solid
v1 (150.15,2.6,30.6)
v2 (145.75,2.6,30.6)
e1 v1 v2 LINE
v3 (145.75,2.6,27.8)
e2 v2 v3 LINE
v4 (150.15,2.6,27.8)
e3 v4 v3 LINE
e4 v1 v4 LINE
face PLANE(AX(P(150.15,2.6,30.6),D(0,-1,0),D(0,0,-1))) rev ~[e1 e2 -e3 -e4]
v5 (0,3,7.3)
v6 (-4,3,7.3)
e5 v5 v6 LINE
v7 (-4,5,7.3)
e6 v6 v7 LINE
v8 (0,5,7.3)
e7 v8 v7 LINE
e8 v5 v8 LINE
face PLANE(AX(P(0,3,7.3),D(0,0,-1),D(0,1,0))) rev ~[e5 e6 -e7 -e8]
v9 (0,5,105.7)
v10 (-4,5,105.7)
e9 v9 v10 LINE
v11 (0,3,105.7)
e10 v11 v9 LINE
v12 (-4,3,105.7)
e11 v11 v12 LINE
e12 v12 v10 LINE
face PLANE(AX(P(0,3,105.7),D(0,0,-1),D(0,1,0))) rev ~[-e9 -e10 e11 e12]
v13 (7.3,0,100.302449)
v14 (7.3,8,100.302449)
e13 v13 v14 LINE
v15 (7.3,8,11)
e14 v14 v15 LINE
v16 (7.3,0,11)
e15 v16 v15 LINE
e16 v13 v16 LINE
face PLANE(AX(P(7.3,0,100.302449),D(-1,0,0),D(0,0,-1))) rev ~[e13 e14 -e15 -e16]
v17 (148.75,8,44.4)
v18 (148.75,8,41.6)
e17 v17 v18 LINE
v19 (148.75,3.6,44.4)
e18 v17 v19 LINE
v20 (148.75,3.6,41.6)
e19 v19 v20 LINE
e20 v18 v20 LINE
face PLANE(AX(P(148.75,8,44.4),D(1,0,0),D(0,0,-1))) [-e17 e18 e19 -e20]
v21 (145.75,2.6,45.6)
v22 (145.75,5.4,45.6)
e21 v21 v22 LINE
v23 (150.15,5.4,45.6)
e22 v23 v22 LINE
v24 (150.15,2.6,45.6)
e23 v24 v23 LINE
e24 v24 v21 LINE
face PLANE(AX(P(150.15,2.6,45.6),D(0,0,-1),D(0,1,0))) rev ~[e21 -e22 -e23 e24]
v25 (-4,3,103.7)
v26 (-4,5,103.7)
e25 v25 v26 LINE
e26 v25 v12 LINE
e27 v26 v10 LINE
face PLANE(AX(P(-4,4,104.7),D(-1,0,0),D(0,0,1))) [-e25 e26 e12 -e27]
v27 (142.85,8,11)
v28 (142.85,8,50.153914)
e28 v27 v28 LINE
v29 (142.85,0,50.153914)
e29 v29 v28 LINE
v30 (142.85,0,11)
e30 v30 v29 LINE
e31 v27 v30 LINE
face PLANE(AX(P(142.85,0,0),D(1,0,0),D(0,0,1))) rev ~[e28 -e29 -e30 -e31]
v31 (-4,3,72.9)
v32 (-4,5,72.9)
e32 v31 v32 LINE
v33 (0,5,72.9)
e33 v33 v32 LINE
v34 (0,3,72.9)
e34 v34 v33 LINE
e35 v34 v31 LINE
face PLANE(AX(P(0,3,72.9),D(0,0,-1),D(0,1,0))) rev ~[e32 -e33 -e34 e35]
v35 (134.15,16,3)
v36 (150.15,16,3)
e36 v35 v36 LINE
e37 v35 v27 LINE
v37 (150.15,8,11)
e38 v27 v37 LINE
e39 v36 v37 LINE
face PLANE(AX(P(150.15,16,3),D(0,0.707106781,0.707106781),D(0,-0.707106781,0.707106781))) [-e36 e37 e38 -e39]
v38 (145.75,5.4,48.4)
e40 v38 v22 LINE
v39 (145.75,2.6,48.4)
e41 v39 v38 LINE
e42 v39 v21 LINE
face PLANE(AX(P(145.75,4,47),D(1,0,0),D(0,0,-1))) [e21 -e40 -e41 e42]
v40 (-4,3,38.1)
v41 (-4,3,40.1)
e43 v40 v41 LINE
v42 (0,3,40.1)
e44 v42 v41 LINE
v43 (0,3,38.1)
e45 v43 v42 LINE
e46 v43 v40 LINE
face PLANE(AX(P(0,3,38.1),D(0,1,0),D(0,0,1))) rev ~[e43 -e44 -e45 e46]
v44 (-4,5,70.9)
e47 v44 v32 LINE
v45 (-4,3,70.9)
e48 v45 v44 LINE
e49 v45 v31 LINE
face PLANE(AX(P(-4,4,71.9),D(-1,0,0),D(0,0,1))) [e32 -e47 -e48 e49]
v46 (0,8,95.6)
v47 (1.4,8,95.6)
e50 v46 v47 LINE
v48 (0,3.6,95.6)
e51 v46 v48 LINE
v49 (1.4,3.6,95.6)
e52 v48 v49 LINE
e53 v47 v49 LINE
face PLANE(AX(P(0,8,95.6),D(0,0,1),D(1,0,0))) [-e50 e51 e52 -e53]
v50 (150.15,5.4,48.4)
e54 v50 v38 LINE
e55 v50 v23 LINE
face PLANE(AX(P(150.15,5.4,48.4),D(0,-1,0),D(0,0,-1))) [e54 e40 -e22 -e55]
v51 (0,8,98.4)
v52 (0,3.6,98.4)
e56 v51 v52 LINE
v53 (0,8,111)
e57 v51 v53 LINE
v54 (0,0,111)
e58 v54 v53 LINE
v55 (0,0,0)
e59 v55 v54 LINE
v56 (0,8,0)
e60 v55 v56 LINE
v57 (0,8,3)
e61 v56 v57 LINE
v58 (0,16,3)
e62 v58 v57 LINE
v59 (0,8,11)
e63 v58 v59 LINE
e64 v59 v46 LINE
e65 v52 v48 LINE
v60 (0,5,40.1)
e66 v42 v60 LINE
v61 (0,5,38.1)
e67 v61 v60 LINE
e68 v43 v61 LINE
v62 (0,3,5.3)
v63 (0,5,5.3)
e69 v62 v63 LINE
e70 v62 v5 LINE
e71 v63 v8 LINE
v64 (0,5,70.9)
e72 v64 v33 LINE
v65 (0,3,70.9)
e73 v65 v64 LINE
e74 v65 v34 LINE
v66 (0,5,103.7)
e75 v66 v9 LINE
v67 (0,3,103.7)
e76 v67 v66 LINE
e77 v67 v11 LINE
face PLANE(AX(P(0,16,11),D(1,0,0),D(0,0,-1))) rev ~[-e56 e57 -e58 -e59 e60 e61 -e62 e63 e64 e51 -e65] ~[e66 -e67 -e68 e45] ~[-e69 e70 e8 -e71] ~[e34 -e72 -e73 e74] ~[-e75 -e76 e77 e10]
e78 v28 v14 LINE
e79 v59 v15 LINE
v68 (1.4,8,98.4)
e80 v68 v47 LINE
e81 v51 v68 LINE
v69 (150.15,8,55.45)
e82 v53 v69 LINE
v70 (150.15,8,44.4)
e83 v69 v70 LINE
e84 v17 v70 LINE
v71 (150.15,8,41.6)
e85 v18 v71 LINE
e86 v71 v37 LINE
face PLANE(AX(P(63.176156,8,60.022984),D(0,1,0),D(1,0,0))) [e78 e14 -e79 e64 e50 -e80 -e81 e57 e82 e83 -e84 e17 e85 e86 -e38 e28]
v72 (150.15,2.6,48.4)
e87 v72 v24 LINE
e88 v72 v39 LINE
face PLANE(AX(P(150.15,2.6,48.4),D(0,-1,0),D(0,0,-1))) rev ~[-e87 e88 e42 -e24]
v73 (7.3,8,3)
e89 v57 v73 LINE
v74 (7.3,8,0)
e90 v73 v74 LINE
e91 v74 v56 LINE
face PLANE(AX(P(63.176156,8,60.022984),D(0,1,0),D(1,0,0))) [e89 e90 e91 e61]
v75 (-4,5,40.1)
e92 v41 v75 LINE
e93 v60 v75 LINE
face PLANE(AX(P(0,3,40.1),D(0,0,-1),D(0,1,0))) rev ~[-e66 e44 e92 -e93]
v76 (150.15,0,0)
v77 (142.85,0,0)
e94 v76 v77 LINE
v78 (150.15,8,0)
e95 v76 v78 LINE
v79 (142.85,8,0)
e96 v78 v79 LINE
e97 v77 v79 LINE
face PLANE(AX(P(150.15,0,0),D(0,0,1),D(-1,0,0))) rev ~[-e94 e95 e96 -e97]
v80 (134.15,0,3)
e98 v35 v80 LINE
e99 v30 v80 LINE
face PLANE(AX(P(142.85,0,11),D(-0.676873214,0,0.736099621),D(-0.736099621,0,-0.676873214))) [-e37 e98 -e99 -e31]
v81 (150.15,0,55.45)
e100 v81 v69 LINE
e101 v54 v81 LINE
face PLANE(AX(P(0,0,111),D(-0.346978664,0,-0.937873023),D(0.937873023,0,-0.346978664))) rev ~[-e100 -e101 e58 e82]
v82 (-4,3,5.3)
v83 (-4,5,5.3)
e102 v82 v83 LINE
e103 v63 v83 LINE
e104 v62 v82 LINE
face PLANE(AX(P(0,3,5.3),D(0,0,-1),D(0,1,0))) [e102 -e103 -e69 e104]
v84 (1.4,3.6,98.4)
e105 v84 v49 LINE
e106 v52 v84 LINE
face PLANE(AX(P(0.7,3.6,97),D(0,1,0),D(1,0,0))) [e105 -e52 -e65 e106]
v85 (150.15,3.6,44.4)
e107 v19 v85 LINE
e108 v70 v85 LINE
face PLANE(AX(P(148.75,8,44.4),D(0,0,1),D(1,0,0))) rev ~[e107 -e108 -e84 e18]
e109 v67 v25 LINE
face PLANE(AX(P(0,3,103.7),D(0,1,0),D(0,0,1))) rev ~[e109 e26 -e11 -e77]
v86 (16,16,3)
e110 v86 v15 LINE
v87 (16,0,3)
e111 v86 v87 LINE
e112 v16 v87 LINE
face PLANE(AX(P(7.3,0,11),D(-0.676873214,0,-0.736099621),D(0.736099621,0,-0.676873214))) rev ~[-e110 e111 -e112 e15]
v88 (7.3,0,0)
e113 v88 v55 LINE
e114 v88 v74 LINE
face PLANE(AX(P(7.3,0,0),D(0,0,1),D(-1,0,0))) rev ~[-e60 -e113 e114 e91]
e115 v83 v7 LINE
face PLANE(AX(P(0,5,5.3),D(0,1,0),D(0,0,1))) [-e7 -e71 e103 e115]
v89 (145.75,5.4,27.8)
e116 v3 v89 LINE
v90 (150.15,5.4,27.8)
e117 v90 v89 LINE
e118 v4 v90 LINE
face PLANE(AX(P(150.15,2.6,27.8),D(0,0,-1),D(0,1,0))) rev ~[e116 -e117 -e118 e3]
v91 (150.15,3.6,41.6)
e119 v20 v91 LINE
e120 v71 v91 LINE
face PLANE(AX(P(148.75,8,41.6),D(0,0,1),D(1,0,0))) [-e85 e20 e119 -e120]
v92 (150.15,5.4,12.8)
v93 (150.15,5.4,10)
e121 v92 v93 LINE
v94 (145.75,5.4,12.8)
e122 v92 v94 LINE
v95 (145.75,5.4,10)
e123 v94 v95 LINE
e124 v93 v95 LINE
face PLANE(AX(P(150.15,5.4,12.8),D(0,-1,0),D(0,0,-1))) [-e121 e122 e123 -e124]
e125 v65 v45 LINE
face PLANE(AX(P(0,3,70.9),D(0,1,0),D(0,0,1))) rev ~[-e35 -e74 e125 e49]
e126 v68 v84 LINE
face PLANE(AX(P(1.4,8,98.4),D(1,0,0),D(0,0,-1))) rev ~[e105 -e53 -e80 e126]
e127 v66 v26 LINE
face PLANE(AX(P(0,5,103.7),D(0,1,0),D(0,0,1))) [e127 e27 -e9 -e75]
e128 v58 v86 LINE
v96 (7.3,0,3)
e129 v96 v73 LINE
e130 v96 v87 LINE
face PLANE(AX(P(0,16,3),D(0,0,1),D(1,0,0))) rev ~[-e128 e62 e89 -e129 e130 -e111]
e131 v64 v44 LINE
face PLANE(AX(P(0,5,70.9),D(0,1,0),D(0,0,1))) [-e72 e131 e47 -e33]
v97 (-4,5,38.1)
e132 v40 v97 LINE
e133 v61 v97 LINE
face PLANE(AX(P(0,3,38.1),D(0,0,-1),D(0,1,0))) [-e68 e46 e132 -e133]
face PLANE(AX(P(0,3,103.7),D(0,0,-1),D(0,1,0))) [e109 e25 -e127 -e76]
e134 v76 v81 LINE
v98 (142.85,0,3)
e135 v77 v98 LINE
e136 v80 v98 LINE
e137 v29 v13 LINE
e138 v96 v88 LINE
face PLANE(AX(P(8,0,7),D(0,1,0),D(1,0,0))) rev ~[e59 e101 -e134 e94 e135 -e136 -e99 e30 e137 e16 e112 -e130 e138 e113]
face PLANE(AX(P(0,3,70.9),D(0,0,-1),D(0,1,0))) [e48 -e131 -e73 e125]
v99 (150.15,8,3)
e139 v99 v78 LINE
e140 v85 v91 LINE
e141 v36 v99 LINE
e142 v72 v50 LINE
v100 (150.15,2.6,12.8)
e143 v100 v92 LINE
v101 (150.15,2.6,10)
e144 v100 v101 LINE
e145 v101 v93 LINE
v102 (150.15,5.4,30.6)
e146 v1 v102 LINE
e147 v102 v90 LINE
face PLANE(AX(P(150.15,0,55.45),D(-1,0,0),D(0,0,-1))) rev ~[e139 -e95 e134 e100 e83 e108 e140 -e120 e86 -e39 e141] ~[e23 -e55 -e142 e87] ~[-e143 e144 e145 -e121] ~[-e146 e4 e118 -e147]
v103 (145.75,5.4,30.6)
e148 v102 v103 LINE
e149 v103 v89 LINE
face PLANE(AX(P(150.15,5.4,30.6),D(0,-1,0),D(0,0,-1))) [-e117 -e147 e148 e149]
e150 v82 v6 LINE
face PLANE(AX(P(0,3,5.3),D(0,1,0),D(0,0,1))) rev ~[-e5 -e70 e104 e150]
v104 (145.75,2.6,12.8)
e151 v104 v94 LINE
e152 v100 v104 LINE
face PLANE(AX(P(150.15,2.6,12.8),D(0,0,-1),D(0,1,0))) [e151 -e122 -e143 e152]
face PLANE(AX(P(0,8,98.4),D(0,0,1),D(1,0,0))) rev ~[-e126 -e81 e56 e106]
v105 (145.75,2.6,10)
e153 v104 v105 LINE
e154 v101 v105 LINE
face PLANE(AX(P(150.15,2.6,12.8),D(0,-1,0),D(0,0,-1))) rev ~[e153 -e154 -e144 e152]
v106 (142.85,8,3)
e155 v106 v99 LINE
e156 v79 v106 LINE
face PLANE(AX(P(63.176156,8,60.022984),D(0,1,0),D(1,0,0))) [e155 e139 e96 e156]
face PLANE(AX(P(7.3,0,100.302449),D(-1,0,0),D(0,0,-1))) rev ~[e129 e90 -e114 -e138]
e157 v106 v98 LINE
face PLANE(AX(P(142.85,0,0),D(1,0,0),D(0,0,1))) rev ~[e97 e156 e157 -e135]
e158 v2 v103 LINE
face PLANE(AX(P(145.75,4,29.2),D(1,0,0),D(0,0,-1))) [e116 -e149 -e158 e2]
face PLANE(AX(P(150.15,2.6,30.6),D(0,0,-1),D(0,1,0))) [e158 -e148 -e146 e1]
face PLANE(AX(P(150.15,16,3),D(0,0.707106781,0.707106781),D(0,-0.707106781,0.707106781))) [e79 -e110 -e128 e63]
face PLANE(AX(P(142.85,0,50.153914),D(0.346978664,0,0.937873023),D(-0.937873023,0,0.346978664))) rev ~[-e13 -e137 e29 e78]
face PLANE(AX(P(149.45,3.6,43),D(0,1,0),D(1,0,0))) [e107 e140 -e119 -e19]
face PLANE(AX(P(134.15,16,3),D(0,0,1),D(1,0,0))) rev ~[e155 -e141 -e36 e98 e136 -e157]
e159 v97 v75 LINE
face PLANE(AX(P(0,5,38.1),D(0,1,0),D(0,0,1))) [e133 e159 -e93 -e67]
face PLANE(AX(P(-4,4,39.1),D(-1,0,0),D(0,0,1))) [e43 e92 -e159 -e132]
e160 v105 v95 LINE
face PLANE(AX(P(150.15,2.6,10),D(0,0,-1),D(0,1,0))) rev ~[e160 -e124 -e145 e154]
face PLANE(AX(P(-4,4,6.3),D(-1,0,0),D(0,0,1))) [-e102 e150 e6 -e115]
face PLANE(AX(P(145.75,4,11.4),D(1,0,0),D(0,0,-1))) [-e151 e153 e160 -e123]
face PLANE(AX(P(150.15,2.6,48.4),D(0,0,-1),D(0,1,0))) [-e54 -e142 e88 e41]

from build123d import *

# Parameters (mm, degrees)
P_IDAT_VYSUNUT_M1_DEPTH  = 8
SKICA2_W                 = 1.4
SKICA2_H                 = 2.8
ODEBRAT_VYSUNUT_M1_DEPTH = 4.4
SKICA3_W                 = 2
SKICA3_H                 = 2
P_IDAT_VYSUNUT_M2_DEPTH  = 4
P_IDAT_START             = 8
SKICA5_W                 = 16
SKICA5_H                 = 8
P_IDAT_VYSUNUT_M3_DEPTH  = 16
ODEBRAT_VYSUNUT_M3_DEPTH = 191.628493411
ODEBRAT_VYSUNUT_M4_DEPTH = 188.40870444
SKICA4_W                 = 2.8
SKICA4_H                 = 2.8
ODEBRAT_VYSUNUT_M2_DEPTH = 4.4
SKICA8_W                 = 1.4
SKICA8_H                 = 2.8
ODEBRAT_VYSUNUT_M5_DEPTH = 4.4


with BuildPart() as part:
    # Skica1 → Přidat vysunutím1 (new body)
    with BuildSketch(Plane(origin=(0, 0, 0), x_dir=(1, 0, 0), z_dir=(0, 1, 0))):
        Polygon((0, 0), (0, -111), (150.15, -55.45), (150.15, 0), (142.85, 0), (142.85, -50.153914462), (7.3, -100.30244926), (7.3, 0), align=None)
    extrude(amount=P_IDAT_VYSUNUT_M1_DEPTH)

    # Skica2 → Odebrat vysunutím1 (cut)
    with BuildSketch(Plane(origin=(0, 8, 0), x_dir=(1, 0, 0), z_dir=(0, 1, 0))):
        with Locations((0.7, -97)):
            Rectangle(SKICA2_W, SKICA2_H)
    extrude(amount=-ODEBRAT_VYSUNUT_M1_DEPTH, mode=Mode.SUBTRACT)

    # Skica3 → Přidat vysunutím2 (add)
    with BuildSketch(Plane.ZY):
        with Locations((6.3, 4)):
            Rectangle(SKICA3_W, SKICA3_H)
        with Locations((39.1, 4)):
            Rectangle(SKICA3_W, SKICA3_H)
        with Locations((71.9, 4)):
            Rectangle(SKICA3_W, SKICA3_H)
        with Locations((104.7, 4)):
            Rectangle(SKICA3_W, SKICA3_H)
    extrude(amount=P_IDAT_VYSUNUT_M2_DEPTH)

    # Skica5 → Přidat vysunutím3 (add)
    with BuildSketch(Plane(origin=(0, 8, 0), x_dir=(1, 0, 0), z_dir=(0, 1, 0)).offset(P_IDAT_START)):
        with Locations((8, -7)):
            Rectangle(SKICA5_W, SKICA5_H)
        with Locations((142.15, -7)):
            Rectangle(SKICA5_W, SKICA5_H)
    extrude(amount=-P_IDAT_VYSUNUT_M3_DEPTH)

    # Skica6 → Odebrat vysunutím3 (cut, through all)
    with BuildSketch(Plane(origin=(150.15, 0, 0), x_dir=(0, 0, -1), z_dir=(1, 0, 0))):
        Polygon((-11, 8), (-11, 16), (-3, 16), align=None)
    extrude(amount=-ODEBRAT_VYSUNUT_M3_DEPTH, mode=Mode.SUBTRACT)

    # Skica7 → Odebrat vysunutím4 (cut, through all)
    with BuildSketch(Plane.XZ):
        Polygon((7.3, 11), (16, 3), (16, 11), align=None)
        Polygon((134.15, 3), (134.15, 11), (142.85, 11), align=None)
    extrude(amount=-ODEBRAT_VYSUNUT_M4_DEPTH, mode=Mode.SUBTRACT)

    # Skica4 → Odebrat vysunutím2 (cut)
    with BuildSketch(Plane(origin=(150.15, 0, 0), x_dir=(0, 0, -1), z_dir=(1, 0, 0))):
        with Locations((-47, 4)):
            Rectangle(SKICA4_W, SKICA4_H)
        with Locations((-29.2, 4)):
            Rectangle(SKICA4_W, SKICA4_H)
        with Locations((-11.4, 4)):
            Rectangle(SKICA4_W, SKICA4_H)
    extrude(amount=-ODEBRAT_VYSUNUT_M2_DEPTH, mode=Mode.SUBTRACT)

    # Skica8 → Odebrat vysunutím5 (cut)
    with BuildSketch(Plane(origin=(0, 8, 0), x_dir=(1, 0, 0), z_dir=(0, 1, 0))):
        with Locations((149.45, -43)):
            Rectangle(SKICA8_W, SKICA8_H)
    extrude(amount=-ODEBRAT_VYSUNUT_M5_DEPTH, mode=Mode.SUBTRACT)


solid = part.part
